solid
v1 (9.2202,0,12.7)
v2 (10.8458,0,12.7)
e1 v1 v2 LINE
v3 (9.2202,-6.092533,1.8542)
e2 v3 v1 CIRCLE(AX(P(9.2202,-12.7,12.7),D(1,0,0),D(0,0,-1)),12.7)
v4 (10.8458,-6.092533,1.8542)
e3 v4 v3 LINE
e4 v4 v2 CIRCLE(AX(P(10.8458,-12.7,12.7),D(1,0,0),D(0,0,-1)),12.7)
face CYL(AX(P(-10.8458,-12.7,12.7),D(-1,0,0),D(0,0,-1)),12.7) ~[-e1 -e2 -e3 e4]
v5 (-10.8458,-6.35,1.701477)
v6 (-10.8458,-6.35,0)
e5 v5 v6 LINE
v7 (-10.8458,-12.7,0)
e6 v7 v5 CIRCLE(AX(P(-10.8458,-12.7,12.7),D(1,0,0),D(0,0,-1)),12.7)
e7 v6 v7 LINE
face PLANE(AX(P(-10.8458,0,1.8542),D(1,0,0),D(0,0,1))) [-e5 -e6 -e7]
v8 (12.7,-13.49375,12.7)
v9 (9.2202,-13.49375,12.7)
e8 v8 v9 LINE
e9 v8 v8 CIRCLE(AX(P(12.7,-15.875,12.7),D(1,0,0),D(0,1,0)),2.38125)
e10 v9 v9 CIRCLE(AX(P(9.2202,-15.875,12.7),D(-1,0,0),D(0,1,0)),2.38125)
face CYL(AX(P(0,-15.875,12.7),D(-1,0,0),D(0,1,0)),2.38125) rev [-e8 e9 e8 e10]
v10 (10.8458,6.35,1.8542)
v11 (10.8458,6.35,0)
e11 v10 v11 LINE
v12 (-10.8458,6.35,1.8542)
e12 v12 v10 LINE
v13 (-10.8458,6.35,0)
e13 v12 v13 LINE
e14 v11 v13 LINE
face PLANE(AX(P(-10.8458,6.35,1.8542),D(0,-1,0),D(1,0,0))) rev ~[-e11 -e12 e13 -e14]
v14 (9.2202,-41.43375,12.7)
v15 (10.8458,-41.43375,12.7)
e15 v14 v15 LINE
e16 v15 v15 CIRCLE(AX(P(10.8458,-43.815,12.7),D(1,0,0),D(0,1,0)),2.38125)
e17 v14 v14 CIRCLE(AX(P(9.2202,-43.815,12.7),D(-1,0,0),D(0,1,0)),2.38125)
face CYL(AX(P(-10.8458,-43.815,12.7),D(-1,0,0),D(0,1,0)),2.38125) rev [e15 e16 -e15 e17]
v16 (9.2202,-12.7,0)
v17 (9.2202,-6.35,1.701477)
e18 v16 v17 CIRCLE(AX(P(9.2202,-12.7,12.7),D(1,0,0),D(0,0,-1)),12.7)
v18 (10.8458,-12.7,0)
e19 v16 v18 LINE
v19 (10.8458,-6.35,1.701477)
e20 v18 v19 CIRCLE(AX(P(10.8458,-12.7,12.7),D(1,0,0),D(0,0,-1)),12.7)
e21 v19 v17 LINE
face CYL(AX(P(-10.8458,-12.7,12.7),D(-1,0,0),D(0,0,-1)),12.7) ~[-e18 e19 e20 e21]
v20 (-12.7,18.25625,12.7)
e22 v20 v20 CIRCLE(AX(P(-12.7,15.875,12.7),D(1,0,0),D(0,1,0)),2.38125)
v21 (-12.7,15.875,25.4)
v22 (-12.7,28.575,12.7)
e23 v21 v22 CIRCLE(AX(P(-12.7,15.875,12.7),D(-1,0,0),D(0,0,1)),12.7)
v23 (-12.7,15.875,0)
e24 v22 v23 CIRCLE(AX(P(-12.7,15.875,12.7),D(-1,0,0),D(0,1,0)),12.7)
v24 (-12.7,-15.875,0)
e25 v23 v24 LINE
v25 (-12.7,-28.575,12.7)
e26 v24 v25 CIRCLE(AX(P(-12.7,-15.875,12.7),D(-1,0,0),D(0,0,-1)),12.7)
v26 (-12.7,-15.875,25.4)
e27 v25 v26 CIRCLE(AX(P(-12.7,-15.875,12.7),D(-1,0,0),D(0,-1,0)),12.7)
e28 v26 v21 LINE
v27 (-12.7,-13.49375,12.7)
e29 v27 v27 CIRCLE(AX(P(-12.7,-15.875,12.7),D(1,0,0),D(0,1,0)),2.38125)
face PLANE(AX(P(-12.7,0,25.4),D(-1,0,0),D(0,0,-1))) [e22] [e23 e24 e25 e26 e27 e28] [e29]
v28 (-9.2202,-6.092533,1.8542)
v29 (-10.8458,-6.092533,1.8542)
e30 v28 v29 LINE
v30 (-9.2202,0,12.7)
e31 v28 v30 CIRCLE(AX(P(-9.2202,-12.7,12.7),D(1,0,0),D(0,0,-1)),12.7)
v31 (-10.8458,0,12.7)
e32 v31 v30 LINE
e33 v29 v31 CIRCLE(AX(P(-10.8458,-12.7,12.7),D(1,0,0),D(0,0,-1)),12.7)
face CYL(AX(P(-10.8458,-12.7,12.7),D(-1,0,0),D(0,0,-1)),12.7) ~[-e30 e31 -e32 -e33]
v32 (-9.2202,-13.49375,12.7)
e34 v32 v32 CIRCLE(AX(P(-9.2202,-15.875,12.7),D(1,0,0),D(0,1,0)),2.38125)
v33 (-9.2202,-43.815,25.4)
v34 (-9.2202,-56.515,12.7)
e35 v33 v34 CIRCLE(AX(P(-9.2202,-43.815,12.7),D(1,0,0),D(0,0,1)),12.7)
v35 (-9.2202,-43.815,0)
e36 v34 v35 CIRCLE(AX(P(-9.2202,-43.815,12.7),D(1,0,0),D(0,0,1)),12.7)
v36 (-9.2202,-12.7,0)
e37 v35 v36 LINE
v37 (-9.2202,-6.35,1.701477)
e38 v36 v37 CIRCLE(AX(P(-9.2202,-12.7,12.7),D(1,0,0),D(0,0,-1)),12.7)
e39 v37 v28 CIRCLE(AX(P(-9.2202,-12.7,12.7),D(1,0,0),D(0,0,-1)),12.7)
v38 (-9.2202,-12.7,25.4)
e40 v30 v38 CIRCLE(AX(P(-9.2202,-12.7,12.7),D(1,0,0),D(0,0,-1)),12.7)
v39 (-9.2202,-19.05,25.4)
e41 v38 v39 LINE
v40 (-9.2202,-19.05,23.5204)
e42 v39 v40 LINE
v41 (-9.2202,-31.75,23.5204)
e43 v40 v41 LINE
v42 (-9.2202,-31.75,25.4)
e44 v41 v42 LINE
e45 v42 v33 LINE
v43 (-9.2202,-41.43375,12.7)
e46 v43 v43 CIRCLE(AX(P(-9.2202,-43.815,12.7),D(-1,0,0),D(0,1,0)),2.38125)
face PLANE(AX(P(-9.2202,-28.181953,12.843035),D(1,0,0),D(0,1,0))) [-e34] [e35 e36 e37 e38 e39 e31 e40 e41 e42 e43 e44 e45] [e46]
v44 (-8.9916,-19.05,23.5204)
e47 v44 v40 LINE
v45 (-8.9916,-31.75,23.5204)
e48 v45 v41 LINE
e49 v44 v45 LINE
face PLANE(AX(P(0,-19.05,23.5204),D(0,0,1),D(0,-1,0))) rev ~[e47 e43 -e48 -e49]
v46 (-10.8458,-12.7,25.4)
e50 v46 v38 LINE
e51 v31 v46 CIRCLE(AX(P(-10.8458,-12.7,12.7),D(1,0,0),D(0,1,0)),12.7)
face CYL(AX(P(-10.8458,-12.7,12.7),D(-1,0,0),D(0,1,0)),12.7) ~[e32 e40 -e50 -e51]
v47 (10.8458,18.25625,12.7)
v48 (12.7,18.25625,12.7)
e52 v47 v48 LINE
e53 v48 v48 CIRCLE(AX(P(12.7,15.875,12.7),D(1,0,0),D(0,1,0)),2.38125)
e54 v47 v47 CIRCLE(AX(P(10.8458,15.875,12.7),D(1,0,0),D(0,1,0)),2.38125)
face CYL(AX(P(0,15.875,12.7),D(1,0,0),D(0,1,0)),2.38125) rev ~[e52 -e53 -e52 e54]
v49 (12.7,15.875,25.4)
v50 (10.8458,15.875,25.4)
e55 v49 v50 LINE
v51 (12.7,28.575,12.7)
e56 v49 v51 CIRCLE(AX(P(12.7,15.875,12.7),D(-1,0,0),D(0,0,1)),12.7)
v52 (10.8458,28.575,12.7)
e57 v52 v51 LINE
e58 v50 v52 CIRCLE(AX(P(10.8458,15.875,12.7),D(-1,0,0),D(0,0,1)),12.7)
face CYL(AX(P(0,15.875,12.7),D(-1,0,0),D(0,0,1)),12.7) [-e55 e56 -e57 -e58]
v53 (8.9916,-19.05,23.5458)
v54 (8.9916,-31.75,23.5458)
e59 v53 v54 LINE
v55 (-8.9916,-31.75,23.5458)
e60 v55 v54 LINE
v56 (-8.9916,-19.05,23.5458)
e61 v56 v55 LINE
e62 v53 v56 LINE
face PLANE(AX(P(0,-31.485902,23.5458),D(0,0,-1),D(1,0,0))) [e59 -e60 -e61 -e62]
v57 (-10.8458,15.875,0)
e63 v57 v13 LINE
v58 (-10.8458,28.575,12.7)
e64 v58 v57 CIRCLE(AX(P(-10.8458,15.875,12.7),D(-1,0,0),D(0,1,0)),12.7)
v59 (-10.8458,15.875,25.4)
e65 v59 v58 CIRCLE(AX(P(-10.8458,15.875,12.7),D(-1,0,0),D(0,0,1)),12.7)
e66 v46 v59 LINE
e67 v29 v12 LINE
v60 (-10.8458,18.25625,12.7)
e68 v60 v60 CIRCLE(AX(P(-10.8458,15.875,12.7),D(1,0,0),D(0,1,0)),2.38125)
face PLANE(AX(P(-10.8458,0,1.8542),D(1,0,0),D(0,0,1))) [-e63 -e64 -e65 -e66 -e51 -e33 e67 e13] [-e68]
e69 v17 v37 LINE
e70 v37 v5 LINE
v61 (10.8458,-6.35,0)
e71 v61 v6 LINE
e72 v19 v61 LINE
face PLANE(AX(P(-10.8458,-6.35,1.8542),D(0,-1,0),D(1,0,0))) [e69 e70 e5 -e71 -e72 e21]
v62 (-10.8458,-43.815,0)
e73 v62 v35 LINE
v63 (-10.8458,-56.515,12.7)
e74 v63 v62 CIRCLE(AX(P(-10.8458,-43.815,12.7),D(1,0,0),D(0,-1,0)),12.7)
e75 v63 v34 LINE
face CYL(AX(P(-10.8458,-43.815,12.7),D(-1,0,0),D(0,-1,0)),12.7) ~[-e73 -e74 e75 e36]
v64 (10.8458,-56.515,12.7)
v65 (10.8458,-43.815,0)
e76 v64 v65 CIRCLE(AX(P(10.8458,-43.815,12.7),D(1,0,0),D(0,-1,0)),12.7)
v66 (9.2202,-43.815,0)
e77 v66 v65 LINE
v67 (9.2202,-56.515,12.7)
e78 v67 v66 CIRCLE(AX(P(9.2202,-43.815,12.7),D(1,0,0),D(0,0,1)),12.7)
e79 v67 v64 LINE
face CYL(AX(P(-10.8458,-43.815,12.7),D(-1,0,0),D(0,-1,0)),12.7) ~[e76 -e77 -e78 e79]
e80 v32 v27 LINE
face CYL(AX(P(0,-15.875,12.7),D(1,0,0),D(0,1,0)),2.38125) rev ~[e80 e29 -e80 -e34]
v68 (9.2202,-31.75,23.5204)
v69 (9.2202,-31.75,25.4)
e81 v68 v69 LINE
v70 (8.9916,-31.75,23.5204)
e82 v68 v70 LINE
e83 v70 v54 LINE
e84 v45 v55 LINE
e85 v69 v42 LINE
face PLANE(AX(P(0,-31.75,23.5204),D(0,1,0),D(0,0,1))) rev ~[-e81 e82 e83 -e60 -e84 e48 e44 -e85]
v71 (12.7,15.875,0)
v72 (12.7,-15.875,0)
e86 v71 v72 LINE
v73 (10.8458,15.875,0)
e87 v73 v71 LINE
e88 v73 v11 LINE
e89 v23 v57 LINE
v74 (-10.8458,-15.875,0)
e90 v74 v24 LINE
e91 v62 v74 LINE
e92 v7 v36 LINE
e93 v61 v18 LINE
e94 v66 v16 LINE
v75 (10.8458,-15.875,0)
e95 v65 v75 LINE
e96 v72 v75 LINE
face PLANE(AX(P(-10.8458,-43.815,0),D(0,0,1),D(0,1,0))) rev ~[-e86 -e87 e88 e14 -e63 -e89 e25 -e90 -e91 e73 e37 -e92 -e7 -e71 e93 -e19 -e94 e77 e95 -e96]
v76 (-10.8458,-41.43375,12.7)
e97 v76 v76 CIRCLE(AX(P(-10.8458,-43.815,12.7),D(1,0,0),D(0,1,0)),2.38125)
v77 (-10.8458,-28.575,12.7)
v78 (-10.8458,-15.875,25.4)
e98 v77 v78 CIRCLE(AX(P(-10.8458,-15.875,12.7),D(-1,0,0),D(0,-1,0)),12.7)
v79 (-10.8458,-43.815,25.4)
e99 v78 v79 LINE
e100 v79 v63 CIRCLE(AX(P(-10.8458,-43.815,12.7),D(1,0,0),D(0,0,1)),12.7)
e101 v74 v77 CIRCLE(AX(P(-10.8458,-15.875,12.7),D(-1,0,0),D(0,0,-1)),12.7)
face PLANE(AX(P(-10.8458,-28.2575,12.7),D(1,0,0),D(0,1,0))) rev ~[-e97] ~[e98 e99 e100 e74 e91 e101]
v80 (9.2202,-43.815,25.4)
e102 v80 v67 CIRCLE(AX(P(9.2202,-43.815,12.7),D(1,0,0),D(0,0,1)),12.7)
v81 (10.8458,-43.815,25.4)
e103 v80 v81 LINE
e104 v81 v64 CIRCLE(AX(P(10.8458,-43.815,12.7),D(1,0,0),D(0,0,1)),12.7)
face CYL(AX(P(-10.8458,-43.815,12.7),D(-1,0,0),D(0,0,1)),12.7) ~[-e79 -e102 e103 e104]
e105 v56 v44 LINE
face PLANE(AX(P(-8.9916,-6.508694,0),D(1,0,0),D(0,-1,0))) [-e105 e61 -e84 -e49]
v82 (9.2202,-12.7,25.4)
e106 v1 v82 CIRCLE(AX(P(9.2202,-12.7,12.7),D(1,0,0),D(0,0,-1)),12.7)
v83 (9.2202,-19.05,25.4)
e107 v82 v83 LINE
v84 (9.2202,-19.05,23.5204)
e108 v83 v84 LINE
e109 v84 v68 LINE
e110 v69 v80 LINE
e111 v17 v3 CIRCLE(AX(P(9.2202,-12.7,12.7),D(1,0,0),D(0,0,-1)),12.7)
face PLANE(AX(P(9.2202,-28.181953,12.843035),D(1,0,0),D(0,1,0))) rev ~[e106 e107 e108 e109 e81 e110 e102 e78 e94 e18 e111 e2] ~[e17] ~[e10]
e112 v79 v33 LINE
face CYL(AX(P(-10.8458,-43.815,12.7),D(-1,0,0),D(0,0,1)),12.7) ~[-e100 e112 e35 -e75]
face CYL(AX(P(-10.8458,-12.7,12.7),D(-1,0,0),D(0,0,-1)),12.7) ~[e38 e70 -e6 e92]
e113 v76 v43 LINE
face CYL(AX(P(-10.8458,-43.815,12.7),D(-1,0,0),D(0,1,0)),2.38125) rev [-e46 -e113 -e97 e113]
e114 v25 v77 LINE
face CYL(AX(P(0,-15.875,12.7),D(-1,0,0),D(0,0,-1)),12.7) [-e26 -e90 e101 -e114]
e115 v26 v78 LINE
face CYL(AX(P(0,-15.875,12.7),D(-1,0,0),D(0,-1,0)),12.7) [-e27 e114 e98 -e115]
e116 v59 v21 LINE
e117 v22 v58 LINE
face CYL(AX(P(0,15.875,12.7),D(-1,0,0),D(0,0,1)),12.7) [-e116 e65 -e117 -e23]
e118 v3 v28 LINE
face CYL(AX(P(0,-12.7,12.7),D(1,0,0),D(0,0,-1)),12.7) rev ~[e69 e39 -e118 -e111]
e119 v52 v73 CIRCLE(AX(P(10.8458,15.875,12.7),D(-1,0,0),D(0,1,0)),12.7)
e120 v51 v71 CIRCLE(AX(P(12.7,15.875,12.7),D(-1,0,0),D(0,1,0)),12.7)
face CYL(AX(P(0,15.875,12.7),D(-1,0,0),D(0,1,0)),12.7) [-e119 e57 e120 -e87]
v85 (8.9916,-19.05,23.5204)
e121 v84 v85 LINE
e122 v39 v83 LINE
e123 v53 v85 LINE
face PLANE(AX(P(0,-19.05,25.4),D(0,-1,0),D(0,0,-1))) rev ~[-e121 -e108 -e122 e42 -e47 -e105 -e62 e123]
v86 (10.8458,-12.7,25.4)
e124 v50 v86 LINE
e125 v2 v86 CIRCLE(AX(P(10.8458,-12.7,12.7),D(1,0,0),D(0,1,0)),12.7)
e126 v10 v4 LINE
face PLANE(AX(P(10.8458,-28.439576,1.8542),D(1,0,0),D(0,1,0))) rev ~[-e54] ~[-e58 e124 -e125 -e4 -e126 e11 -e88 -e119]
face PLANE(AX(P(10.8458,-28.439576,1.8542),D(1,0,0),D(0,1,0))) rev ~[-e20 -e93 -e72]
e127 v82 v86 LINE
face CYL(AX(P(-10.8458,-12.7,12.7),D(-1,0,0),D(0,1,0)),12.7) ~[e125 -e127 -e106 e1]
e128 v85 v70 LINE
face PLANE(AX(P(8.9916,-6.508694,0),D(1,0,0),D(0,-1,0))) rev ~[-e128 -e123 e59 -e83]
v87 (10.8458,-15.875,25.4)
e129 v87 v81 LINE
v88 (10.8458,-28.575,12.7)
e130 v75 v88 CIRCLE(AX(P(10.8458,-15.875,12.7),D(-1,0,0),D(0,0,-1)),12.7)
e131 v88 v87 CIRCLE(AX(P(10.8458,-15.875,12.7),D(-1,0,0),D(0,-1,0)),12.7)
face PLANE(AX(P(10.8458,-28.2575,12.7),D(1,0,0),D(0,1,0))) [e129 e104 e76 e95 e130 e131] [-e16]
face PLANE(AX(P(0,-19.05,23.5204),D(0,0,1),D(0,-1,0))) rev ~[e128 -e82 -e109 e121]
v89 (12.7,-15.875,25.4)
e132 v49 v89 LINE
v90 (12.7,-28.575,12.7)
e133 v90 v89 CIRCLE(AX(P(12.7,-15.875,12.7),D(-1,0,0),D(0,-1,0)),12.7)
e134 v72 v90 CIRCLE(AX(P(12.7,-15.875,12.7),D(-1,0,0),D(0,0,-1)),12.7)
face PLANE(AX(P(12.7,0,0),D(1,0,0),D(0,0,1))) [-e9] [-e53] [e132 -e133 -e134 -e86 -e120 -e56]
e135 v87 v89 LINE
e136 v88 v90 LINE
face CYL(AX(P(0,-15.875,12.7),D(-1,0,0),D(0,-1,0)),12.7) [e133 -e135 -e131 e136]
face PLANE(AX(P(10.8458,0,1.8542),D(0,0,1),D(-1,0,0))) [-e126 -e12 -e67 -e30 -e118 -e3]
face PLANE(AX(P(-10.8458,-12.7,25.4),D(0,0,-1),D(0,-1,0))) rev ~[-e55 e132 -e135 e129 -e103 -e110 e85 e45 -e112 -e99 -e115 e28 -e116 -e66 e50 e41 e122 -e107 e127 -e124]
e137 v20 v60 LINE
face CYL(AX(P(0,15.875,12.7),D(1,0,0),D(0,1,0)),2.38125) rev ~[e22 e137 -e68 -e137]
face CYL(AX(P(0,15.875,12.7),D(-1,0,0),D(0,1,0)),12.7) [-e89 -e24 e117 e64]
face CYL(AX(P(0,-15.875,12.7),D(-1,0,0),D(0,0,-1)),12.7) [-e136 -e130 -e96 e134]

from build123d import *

# Parameters (mm, degrees)
F1_DEPTH  = 28.575
F2_R      = 2.38125
F3_DEPTH  = 12.7
F4_W      = 21.6915998608
F4_H      = 22.372465115
F4_H_2    = 22.0895758063
F5_DEPTH  = 11.176
F6_R      = 2.38125
F7_DEPTH  = 21.6915998608
F8_W      = 17.9831998608
F8_H      = 49.9544155288
F9_DEPTH  = 23.5458
F11_DEPTH = 9.2202


with BuildPart() as f1:
    # F0 (on Front) → F1 (new body, symmetric)
    with BuildSketch(Plane.XZ):
        Polygon((-12.7, 25.4), (-12.7, 0), (12.7, 0), (12.7, 25.4), (10.8457999304, 25.4), (10.8457999304, 1.8542000696), (-10.8457999304, 1.8542000696), (-10.8457999304, 25.4), align=None)
    extrude(amount=F1_DEPTH, both=True)

    # F2 (on Right) → F3 (cut, symmetric)
    with BuildSketch(Plane.YZ):
        with BuildLine():
            ThreePointArc((15.875, 25.4), (24.8552561211, 21.6802561211), (28.575, 12.7))
            Line((28.575, 12.7), (28.575, 25.4))
            Line((28.575, 25.4), (15.875, 25.4))
        make_face()
        with BuildLine():
            ThreePointArc((28.575, 12.7), (24.8552561211, 3.7197438789), (15.875, 0))
            Line((15.875, 0), (28.575, 0))
            Line((28.575, 0), (28.575, 12.7))
        make_face()
        with BuildLine():
            ThreePointArc((-15.875, 0), (-24.8552561211, 3.7197438789), (-28.575, 12.7))
            Line((-28.575, 12.7), (-28.575, 0))
            Line((-28.575, 0), (-15.875, 0))
        make_face()
        with BuildLine():
            ThreePointArc((-28.575, 12.7), (-24.8552561211, 21.6802561211), (-15.875, 25.4))
            Line((-15.875, 25.4), (-28.575, 25.4))
            Line((-28.575, 25.4), (-28.575, 12.7))
        make_face()
        with Locations((-15.875, 12.7)):
            Circle(F2_R)
        with Locations((15.875, 12.7)):
            Circle(F2_R)
    extrude(amount=F3_DEPTH, both=True, mode=Mode.SUBTRACT)

    # F4 (on face) → F5 (cut)
    with BuildSketch(Plane.XY.offset(1.8542000696)):
        with Locations((0, 17.5362325575)):
            Rectangle(F4_W, F4_H)
        with Locations((0, -17.3947879031)):
            Rectangle(F4_W, F4_H_2)
    extrude(amount=-F5_DEPTH, mode=Mode.SUBTRACT)

    # F6 (on face) → F7 (join, through all)
    with BuildSketch(Plane.YZ.offset(-10.8457999304)):
        with BuildLine():
            Line((-12.7, 25.4), (-43.815, 25.4))
            ThreePointArc((-43.815, 25.4), (-52.7952561211, 21.6802561211), (-56.515, 12.7))
            ThreePointArc((-56.515, 12.7), (-52.7952561211, 3.7197438789), (-43.815, 0))
            Line((-43.815, 0), (-12.7, 0))
            ThreePointArc((-12.7, 0), (-3.7197438789, 3.7197438789), (0, 12.7))
            ThreePointArc((0, 12.7), (-3.7197438789, 21.6802561211), (-12.7, 25.4))
        make_face()
        with Locations((-43.815, 12.7)):
            Circle(F6_R, mode=Mode.SUBTRACT)
        with Locations((-15.875, 12.7)):
            Circle(F6_R, mode=Mode.SUBTRACT)
    extrude(amount=F7_DEPTH)

    # F8 (on face) → F9 (cut)
    with BuildSketch(Plane(origin=(0, 0, 0), x_dir=(1, 0, 0), z_dir=(0, 0, -1))):
        with Locations((0, 31.4859015796)):
            Rectangle(F8_W, F8_H)
    extrude(amount=-F9_DEPTH, mode=Mode.SUBTRACT)

    # F10 (on Right) → F11 (cut, symmetric)
    with BuildSketch(Plane.YZ):
        with BuildLine():
            Line((-31.75, 25.4), (-43.815, 25.4))
            ThreePointArc((-43.815, 25.4), (-56.515, 12.7), (-43.815, 0))
            Line((-43.815, 0), (-12.7, 0))
            ThreePointArc((-12.7, 0), (0, 12.7), (-12.7, 25.4))
            Line((-12.7, 25.4), (-19.05, 25.4))
            Line((-19.05, 25.4), (-19.05, 23.5204))
            Line((-19.05, 23.5204), (-31.75, 23.5204))
            Line((-31.75, 23.5204), (-31.75, 25.4))
        make_face()
    extrude(amount=F11_DEPTH, both=True, mode=Mode.SUBTRACT)


solid = f1.part
